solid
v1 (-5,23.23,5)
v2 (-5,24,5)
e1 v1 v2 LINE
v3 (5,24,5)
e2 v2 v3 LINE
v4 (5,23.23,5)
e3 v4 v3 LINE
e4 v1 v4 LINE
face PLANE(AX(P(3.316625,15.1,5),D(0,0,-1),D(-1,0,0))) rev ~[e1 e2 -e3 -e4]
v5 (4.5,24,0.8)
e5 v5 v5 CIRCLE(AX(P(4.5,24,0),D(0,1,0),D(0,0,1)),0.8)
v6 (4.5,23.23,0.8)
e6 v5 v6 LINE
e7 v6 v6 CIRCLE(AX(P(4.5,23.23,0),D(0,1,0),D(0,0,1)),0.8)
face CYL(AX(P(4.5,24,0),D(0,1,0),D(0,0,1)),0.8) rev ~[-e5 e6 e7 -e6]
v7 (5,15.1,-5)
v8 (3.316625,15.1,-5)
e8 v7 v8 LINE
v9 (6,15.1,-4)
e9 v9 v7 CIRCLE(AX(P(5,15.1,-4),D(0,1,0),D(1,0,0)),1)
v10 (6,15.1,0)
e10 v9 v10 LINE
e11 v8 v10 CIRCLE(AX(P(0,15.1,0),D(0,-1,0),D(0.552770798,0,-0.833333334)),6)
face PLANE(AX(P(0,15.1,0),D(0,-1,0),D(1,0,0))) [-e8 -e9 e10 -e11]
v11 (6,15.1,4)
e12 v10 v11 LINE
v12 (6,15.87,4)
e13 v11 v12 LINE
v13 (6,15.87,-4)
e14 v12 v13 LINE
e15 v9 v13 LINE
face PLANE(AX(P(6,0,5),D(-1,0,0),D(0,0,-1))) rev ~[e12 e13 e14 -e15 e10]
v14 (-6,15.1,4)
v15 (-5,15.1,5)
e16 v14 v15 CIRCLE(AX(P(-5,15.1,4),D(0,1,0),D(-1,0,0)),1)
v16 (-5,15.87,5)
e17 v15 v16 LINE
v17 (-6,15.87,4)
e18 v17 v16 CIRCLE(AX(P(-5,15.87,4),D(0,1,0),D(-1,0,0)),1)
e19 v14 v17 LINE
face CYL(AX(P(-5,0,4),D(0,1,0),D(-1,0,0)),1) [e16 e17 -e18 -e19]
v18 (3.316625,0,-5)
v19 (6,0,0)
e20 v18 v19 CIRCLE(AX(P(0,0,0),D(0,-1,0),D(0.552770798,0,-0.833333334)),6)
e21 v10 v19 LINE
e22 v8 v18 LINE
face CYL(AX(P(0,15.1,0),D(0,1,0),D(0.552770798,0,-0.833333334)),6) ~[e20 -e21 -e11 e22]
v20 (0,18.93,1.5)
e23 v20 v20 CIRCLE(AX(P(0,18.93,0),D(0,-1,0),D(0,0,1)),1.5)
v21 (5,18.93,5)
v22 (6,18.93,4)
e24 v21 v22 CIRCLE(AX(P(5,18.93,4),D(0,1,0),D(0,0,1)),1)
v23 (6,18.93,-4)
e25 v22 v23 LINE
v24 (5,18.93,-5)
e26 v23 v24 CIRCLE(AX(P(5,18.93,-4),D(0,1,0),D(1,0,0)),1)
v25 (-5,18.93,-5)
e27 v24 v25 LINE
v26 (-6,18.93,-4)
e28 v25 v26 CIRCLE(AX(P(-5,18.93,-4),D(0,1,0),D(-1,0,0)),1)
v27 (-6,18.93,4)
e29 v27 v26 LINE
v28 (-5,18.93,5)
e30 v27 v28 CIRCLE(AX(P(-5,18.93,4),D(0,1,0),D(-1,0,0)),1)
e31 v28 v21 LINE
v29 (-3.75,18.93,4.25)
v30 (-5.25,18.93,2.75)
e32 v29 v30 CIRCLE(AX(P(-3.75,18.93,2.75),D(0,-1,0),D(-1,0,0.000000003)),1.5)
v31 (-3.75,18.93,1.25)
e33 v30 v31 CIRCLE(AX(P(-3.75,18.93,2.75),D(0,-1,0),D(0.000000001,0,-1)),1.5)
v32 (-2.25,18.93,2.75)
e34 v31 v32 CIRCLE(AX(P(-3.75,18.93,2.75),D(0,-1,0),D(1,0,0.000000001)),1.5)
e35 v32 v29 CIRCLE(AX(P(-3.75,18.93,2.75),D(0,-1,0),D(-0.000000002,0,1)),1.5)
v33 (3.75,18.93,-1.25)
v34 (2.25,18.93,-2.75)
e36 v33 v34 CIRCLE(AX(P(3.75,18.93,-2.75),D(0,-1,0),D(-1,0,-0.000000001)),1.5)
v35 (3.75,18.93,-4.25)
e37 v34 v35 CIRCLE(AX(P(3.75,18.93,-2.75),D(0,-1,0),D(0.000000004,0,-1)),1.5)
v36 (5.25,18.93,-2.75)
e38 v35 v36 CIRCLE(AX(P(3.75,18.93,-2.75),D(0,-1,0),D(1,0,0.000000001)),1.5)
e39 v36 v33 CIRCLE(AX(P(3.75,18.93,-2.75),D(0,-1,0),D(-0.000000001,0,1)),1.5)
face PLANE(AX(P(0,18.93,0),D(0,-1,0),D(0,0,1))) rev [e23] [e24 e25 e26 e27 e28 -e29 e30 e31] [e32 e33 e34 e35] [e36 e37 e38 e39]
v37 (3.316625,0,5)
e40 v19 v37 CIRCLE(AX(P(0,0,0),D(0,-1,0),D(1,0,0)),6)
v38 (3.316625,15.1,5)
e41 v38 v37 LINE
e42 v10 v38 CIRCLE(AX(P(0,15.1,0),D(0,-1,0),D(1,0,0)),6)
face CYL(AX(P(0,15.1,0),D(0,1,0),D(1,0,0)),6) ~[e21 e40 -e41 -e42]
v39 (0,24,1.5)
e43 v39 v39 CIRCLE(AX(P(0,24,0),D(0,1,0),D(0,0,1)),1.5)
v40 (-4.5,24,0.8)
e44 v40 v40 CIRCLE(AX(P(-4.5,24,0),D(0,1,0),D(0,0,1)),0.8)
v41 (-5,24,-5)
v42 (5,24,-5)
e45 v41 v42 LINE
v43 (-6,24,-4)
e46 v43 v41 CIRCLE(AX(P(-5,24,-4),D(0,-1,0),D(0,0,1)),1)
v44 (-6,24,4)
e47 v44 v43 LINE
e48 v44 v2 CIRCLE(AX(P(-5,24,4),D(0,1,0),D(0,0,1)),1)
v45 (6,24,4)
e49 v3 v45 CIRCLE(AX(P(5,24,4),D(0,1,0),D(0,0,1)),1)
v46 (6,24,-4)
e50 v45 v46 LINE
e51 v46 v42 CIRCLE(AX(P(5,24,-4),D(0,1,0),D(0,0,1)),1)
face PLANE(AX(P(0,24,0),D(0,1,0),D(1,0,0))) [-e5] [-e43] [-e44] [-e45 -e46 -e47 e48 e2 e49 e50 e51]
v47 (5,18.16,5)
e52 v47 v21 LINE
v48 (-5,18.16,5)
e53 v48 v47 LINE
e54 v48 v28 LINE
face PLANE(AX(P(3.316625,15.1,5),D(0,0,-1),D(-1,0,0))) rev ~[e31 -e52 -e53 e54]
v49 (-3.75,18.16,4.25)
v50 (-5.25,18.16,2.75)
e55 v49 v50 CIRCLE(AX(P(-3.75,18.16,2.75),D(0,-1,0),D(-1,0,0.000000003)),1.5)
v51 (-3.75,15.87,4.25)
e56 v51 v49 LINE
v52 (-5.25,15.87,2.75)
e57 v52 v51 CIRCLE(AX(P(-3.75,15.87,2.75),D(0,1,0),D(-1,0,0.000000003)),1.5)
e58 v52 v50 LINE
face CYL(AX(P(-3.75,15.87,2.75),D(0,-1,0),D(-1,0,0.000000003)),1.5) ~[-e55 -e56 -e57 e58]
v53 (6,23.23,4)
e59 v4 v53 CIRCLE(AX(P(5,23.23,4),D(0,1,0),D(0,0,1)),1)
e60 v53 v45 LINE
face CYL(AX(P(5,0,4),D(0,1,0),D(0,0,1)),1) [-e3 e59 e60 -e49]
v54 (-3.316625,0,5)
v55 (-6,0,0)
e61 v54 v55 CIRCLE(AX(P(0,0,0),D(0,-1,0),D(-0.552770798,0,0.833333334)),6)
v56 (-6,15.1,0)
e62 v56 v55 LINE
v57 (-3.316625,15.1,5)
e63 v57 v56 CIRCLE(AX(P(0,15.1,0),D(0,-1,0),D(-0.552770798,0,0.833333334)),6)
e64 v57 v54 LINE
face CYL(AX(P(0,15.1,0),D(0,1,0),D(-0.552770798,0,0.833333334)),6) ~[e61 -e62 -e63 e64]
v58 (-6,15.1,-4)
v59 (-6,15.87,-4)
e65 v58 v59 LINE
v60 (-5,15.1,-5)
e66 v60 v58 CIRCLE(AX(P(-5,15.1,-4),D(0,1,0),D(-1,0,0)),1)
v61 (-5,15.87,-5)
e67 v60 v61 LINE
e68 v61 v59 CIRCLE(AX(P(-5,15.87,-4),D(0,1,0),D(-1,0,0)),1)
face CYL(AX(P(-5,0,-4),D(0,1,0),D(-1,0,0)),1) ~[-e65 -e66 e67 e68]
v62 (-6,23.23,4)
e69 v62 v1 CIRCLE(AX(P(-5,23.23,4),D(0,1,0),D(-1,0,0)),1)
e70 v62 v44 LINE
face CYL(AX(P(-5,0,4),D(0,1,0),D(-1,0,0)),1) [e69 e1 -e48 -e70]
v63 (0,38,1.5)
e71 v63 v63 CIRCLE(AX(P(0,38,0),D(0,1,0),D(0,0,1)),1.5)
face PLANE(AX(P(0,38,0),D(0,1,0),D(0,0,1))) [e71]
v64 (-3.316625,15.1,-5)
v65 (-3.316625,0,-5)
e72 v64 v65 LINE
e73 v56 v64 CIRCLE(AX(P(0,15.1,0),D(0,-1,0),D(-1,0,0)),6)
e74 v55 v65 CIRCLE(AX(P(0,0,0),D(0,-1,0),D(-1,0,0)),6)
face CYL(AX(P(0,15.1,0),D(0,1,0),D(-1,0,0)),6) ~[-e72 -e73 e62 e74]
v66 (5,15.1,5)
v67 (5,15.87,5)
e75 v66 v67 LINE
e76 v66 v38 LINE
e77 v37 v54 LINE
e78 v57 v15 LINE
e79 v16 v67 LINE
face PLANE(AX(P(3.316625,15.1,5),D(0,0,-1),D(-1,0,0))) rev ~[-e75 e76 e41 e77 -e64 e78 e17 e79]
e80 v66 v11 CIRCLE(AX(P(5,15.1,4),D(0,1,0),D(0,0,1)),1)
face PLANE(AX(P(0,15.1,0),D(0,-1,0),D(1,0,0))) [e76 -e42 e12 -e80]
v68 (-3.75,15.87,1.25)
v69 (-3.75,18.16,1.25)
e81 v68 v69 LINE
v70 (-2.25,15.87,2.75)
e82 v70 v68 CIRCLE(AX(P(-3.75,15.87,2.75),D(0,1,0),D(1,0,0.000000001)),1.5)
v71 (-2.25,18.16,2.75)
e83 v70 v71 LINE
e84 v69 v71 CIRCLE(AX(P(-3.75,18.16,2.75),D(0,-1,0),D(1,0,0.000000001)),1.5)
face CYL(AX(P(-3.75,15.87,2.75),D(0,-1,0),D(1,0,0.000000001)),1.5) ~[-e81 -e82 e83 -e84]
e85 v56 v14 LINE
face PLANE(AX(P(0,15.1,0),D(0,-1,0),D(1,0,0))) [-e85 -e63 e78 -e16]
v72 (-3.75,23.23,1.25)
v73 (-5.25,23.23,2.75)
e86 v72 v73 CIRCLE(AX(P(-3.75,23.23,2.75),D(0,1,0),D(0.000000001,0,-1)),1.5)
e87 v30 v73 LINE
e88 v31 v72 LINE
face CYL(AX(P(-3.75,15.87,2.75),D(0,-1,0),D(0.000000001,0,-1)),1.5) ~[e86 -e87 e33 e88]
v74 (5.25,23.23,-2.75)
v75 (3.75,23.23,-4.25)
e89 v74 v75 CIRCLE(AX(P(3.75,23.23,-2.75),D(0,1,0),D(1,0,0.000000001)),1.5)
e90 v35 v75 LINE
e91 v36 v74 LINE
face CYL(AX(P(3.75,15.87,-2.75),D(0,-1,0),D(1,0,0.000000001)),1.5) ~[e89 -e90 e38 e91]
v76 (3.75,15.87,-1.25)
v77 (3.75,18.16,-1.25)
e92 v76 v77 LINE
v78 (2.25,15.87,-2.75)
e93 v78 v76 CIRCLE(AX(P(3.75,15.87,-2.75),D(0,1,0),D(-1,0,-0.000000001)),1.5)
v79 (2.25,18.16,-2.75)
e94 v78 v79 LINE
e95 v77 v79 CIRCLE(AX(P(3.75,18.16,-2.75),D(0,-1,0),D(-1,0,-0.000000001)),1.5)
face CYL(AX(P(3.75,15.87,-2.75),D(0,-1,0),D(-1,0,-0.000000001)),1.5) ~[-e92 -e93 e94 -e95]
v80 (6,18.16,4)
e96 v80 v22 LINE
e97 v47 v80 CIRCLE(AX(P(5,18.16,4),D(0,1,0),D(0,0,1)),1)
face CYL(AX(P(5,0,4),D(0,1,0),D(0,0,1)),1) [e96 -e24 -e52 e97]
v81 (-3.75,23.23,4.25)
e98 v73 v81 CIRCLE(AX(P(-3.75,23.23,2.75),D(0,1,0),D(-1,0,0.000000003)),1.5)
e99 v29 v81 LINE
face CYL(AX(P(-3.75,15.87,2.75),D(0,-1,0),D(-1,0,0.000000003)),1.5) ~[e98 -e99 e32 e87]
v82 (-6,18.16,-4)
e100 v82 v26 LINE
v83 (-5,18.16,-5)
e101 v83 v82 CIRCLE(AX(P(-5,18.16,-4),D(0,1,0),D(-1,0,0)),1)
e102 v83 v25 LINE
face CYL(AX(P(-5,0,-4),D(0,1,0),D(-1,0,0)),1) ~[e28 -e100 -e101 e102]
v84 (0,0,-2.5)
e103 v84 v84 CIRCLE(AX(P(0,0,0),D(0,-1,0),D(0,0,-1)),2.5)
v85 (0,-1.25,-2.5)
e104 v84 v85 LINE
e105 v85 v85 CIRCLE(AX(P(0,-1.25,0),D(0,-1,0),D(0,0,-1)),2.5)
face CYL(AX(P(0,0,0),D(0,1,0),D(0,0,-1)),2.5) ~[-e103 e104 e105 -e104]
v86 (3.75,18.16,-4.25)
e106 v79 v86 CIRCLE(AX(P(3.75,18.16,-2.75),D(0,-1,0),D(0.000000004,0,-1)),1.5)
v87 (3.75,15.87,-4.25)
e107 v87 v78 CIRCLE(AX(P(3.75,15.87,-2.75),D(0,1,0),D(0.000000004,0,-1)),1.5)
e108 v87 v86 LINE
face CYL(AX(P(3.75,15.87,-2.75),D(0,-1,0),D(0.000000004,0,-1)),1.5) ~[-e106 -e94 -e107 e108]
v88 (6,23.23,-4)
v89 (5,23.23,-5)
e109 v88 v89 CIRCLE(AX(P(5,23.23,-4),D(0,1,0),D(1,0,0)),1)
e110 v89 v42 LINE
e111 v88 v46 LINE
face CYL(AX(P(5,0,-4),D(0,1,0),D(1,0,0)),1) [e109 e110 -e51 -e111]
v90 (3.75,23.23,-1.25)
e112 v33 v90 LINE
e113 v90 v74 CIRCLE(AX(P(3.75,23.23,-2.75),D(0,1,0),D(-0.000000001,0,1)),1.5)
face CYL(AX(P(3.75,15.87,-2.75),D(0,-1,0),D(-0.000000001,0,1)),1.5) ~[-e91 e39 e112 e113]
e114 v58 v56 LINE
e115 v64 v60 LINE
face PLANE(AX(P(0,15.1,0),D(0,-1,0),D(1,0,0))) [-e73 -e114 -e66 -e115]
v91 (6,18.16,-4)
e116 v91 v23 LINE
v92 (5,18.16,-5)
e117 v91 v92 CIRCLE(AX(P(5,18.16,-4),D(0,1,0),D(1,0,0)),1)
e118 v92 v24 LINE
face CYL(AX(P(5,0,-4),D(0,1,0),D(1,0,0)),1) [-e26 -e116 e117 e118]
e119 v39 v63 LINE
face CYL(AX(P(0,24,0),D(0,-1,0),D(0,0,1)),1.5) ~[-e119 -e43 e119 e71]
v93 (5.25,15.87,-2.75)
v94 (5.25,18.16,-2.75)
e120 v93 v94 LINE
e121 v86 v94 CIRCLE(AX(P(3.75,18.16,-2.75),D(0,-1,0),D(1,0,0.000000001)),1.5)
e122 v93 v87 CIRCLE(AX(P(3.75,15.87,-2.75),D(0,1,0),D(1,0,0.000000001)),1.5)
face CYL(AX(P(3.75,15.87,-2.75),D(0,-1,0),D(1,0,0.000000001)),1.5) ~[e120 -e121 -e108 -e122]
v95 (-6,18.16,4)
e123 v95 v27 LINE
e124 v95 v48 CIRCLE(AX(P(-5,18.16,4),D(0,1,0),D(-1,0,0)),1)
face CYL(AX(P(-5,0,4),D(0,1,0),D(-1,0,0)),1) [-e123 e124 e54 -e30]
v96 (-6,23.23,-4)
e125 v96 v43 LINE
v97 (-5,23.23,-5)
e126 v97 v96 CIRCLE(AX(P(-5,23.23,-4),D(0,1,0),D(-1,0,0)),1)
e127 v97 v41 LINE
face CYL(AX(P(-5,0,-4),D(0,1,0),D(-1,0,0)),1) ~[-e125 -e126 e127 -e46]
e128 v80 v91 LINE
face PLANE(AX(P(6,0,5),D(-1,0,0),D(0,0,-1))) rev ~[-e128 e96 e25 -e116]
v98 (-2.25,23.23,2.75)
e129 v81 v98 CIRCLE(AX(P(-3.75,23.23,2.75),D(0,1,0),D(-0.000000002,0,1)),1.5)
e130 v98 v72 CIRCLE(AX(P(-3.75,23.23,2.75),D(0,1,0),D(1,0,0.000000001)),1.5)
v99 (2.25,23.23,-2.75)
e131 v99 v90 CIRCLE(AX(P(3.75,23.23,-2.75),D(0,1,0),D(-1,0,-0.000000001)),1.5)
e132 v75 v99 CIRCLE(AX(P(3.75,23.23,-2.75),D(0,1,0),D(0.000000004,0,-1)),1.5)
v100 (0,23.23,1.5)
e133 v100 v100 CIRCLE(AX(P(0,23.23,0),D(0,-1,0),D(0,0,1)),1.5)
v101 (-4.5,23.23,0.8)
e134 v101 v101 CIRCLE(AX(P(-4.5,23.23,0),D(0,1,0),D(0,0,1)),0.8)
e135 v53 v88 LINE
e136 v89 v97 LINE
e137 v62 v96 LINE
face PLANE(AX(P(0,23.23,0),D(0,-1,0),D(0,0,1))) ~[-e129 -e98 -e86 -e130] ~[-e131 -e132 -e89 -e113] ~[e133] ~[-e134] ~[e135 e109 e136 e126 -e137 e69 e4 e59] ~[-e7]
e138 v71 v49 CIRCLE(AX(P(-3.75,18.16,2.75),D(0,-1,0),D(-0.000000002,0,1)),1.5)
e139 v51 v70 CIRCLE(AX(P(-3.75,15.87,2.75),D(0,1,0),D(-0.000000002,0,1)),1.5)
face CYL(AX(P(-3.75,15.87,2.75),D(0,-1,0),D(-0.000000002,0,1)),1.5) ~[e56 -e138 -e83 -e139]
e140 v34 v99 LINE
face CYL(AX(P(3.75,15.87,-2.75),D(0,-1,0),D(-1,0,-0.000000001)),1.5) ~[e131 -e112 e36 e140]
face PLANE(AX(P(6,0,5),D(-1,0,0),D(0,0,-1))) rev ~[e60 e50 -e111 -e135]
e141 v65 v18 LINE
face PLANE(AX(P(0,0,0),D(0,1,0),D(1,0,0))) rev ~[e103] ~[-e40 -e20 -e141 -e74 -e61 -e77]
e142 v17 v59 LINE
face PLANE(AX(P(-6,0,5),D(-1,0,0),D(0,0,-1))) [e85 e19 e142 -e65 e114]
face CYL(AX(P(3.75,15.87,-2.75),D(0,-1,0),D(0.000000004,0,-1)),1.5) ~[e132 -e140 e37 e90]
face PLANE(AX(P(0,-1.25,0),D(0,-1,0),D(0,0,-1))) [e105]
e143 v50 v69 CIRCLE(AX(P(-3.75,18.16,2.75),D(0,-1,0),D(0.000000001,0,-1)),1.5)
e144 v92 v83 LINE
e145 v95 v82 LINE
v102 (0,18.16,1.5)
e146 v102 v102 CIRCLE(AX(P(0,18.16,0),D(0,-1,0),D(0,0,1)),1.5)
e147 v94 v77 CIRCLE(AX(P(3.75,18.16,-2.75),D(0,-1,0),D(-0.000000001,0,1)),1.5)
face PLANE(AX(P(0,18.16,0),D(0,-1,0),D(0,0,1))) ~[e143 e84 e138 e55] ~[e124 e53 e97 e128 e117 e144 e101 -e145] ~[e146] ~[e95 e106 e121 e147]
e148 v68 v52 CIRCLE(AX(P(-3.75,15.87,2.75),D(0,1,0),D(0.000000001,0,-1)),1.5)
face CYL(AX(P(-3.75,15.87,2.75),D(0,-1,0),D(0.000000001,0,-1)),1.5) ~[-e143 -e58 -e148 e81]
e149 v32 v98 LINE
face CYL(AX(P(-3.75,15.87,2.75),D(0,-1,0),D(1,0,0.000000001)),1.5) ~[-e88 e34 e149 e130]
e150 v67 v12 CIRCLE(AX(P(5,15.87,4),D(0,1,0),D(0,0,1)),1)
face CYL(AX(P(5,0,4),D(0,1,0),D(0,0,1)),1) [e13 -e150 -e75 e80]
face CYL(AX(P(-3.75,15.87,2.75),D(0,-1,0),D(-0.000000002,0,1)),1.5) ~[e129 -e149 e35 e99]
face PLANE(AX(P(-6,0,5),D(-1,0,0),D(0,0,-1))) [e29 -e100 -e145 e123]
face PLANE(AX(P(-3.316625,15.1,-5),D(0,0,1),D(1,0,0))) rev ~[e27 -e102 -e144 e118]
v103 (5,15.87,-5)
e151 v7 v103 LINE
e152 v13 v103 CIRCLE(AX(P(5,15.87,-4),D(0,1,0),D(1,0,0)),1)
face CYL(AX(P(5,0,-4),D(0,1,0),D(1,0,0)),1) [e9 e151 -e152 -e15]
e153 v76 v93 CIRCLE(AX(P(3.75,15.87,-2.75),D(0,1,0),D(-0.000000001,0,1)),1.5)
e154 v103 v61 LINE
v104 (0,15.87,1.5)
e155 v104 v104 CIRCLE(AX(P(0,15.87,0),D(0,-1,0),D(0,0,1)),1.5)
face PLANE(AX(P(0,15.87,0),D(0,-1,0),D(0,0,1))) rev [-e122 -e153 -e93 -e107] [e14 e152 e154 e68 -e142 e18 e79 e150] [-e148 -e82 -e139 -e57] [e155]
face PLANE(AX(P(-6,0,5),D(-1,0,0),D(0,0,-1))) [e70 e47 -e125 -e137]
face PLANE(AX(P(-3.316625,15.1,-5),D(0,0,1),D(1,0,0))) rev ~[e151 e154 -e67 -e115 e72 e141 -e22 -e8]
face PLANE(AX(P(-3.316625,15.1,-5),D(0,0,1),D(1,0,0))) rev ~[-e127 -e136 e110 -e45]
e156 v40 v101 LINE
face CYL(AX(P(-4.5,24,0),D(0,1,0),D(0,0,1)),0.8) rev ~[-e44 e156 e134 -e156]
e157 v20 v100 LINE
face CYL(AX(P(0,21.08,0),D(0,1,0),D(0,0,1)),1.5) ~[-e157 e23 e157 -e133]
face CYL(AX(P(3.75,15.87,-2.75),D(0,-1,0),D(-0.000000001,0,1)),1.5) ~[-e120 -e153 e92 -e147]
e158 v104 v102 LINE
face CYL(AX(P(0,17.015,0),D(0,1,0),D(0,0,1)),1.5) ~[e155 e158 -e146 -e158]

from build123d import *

# Parameters (mm, degrees)
SKETCH_1_W          = 12
SKETCH_1_H          = 10
EXTRUDE_1_DEPTH     = 24
FILLET_1_R          = 1
CUT_EXTRUDE_START   = -15.1
SKETCH_2_OUTSIDE_W  = 19.728
SKETCH_2_OUTSIDE_H  = 17.728
CUT_EXTRUDE_1_DEPTH = 15.1
SKETCH_3_R          = 1.5
EXTRUDE_2_DEPTH     = 14
SKETCH_5_R          = 2.5
EXTRUDE_3_DEPTH     = 1.25
SKETCH_6_W          = 20
SKETCH_6_H          = 4.3
SKETCH_6_H_2        = 2.29
CUT_EXTRUDE_2_REACH = 28.43
SKETCH_4_R          = 0.8
EXTRUDE_START       = -8.13
EXTRUDE_4_DEPTH     = 7.36


with BuildPart() as part:
    # 草图1 → 凸台-拉伸1 (new body)
    with BuildSketch(Plane(origin=(0, 0, 0), x_dir=(1, 0, 0), z_dir=(0, 1, 0))):
        Rectangle(SKETCH_1_W, SKETCH_1_H)
    extrude(amount=EXTRUDE_1_DEPTH)

    # 圆角1
    fillet_1_edges = [part.edges().sort_by_distance(p)[0] for p in [
        (6, 12, 5),
        (-6, 12, 5),
        (-6, 12, -5),
        (6, 12, -5),
    ]]
    fillet(fillet_1_edges, radius=FILLET_1_R)

    # 草图2 outside → 切除-拉伸1 (cut)
    with BuildSketch(Plane.XZ.offset(CUT_EXTRUDE_START)):
        Rectangle(SKETCH_2_OUTSIDE_W, SKETCH_2_OUTSIDE_H)
        with BuildLine():
            Line((-3.31662479, -5), (3.31662479, -5))
            ThreePointArc((3.31662479, -5), (5.286764074, -2.837274331), (6, 0))
            ThreePointArc((6, 0), (5.286764074, 2.837274331), (3.31662479, 5))
            Line((3.31662479, 5), (-3.31662479, 5))
            ThreePointArc((-3.31662479, 5), (-5.286764074, 2.837274331), (-6, 0))
            ThreePointArc((-6, 0), (-5.286764074, -2.837274331), (-3.31662479, -5))
        make_face(mode=Mode.SUBTRACT)
    extrude(amount=CUT_EXTRUDE_1_DEPTH, mode=Mode.SUBTRACT)

    # 草图3 → 凸台-拉伸2 (add)
    with BuildSketch(Plane(origin=(0, 24, 0), x_dir=(1, 0, 0), z_dir=(0, 1, 0))):
        with Locations(Location((0, 0, 0), (0, 0, 270))):
            Circle(SKETCH_3_R)
    extrude(amount=EXTRUDE_2_DEPTH)

    # 草图5 → 凸台-拉伸3 (add)
    with BuildSketch(Plane.XZ):
        with Locations(Location((0, 0, 0), (0, 0, 270))):
            Circle(SKETCH_5_R)
    extrude(amount=EXTRUDE_3_DEPTH)

    # 草图6 → 切除-旋转3 (revolve, cut)
    with BuildSketch(Plane.XY, mode=Mode.PRIVATE) as cut_revolve_3_sk:
        with Locations((11.5, 21.08)):
            Rectangle(SKETCH_6_W, SKETCH_6_H)
        with Locations((11.5, 17.015)):
            Rectangle(SKETCH_6_W, SKETCH_6_H_2)
    revolve(cut_revolve_3_sk.sketch.rotate(Axis((0, 38, 0), (0, -1, 0)), 90), axis=Axis((0, 38, 0), (0, -1, 0)), mode=Mode.SUBTRACT)

    # 草图4 → 切除-拉伸2 (cut, up to next)
    with BuildSketch(Plane(origin=(0, 24, 0), x_dir=(1, 0, 0), z_dir=(0, 1, 0)), mode=Mode.PRIVATE) as cut_extrude_2_sk1:
        with Locations(Location((-4.5, 0, 0), (0, 0, 270))):
            Circle(SKETCH_4_R)
    cut_extrude_2_tool1 = extrude(cut_extrude_2_sk1.sketch, amount=-CUT_EXTRUDE_2_REACH, mode=Mode.PRIVATE) & part.part
    # 草图4 → 切除-拉伸2 (cut, up to next)
    with BuildSketch(Plane(origin=(0, 24, 0), x_dir=(1, 0, 0), z_dir=(0, 1, 0)), mode=Mode.PRIVATE) as cut_extrude_2_sk2:
        with Locations(Location((4.5, 0, 0), (0, 0, 270))):
            Circle(SKETCH_4_R)
    cut_extrude_2_tool2 = extrude(cut_extrude_2_sk2.sketch, amount=-CUT_EXTRUDE_2_REACH, mode=Mode.PRIVATE) & part.part
    add(cut_extrude_2_tool1.solids().sort_by_distance((-4.5, 24, 0))[0], mode=Mode.SUBTRACT)
    add(cut_extrude_2_tool2.solids().sort_by_distance((4.5, 24, 0))[0], mode=Mode.SUBTRACT)

    # 草图7 → 凸台-拉伸4 (add)
    with BuildSketch(Plane(origin=(0, 24, 0), x_dir=(1, 0, 0), z_dir=(0, 1, 0)).offset(EXTRUDE_START)):
        with BuildLine():
            ThreePointArc((3.75, 1.25), (4.810660172, 1.689339828), (5.25, 2.75))
            ThreePointArc((5.25, 2.75), (4.810660174, 3.81066017), (3.750000005, 4.25))
            ThreePointArc((3.750000005, 4.25), (2.68933983, 3.810660174), (2.25, 2.75))
            Line((2.25, 2.75), (3.75, 2.75))
            Line((3.75, 2.75), (3.75, 1.25))
        make_face()
        with BuildLine():
            ThreePointArc((2.25, 2.75), (2.689339828, 1.689339828), (3.75, 1.25))
            Line((3.75, 1.25), (3.75, 2.75))
            Line((3.75, 2.75), (2.25, 2.75))
        make_face()
        with BuildLine():
            ThreePointArc((-5.25, -2.750000006), (-4.810660171, -3.810660173), (-3.750000004, -4.25))
            ThreePointArc((-3.750000004, -4.25), (-2.68933983, -3.810660173), (-2.25, -2.75))
            Line((-2.25, -2.75), (-3.75, -2.75))
            Line((-3.75, -2.75), (-3.75, -1.25))
            ThreePointArc((-3.75, -1.25), (-4.810660174, -1.68933983), (-5.25, -2.750000006))
        make_face()
        with BuildLine():
            Line((-3.75, -2.75), (-2.25, -2.75))
            ThreePointArc((-2.25, -2.75), (-2.689339828, -1.689339828), (-3.75, -1.25))
            Line((-3.75, -1.25), (-3.75, -2.75))
        make_face()
    extrude(amount=EXTRUDE_4_DEPTH)


solid = part.part
